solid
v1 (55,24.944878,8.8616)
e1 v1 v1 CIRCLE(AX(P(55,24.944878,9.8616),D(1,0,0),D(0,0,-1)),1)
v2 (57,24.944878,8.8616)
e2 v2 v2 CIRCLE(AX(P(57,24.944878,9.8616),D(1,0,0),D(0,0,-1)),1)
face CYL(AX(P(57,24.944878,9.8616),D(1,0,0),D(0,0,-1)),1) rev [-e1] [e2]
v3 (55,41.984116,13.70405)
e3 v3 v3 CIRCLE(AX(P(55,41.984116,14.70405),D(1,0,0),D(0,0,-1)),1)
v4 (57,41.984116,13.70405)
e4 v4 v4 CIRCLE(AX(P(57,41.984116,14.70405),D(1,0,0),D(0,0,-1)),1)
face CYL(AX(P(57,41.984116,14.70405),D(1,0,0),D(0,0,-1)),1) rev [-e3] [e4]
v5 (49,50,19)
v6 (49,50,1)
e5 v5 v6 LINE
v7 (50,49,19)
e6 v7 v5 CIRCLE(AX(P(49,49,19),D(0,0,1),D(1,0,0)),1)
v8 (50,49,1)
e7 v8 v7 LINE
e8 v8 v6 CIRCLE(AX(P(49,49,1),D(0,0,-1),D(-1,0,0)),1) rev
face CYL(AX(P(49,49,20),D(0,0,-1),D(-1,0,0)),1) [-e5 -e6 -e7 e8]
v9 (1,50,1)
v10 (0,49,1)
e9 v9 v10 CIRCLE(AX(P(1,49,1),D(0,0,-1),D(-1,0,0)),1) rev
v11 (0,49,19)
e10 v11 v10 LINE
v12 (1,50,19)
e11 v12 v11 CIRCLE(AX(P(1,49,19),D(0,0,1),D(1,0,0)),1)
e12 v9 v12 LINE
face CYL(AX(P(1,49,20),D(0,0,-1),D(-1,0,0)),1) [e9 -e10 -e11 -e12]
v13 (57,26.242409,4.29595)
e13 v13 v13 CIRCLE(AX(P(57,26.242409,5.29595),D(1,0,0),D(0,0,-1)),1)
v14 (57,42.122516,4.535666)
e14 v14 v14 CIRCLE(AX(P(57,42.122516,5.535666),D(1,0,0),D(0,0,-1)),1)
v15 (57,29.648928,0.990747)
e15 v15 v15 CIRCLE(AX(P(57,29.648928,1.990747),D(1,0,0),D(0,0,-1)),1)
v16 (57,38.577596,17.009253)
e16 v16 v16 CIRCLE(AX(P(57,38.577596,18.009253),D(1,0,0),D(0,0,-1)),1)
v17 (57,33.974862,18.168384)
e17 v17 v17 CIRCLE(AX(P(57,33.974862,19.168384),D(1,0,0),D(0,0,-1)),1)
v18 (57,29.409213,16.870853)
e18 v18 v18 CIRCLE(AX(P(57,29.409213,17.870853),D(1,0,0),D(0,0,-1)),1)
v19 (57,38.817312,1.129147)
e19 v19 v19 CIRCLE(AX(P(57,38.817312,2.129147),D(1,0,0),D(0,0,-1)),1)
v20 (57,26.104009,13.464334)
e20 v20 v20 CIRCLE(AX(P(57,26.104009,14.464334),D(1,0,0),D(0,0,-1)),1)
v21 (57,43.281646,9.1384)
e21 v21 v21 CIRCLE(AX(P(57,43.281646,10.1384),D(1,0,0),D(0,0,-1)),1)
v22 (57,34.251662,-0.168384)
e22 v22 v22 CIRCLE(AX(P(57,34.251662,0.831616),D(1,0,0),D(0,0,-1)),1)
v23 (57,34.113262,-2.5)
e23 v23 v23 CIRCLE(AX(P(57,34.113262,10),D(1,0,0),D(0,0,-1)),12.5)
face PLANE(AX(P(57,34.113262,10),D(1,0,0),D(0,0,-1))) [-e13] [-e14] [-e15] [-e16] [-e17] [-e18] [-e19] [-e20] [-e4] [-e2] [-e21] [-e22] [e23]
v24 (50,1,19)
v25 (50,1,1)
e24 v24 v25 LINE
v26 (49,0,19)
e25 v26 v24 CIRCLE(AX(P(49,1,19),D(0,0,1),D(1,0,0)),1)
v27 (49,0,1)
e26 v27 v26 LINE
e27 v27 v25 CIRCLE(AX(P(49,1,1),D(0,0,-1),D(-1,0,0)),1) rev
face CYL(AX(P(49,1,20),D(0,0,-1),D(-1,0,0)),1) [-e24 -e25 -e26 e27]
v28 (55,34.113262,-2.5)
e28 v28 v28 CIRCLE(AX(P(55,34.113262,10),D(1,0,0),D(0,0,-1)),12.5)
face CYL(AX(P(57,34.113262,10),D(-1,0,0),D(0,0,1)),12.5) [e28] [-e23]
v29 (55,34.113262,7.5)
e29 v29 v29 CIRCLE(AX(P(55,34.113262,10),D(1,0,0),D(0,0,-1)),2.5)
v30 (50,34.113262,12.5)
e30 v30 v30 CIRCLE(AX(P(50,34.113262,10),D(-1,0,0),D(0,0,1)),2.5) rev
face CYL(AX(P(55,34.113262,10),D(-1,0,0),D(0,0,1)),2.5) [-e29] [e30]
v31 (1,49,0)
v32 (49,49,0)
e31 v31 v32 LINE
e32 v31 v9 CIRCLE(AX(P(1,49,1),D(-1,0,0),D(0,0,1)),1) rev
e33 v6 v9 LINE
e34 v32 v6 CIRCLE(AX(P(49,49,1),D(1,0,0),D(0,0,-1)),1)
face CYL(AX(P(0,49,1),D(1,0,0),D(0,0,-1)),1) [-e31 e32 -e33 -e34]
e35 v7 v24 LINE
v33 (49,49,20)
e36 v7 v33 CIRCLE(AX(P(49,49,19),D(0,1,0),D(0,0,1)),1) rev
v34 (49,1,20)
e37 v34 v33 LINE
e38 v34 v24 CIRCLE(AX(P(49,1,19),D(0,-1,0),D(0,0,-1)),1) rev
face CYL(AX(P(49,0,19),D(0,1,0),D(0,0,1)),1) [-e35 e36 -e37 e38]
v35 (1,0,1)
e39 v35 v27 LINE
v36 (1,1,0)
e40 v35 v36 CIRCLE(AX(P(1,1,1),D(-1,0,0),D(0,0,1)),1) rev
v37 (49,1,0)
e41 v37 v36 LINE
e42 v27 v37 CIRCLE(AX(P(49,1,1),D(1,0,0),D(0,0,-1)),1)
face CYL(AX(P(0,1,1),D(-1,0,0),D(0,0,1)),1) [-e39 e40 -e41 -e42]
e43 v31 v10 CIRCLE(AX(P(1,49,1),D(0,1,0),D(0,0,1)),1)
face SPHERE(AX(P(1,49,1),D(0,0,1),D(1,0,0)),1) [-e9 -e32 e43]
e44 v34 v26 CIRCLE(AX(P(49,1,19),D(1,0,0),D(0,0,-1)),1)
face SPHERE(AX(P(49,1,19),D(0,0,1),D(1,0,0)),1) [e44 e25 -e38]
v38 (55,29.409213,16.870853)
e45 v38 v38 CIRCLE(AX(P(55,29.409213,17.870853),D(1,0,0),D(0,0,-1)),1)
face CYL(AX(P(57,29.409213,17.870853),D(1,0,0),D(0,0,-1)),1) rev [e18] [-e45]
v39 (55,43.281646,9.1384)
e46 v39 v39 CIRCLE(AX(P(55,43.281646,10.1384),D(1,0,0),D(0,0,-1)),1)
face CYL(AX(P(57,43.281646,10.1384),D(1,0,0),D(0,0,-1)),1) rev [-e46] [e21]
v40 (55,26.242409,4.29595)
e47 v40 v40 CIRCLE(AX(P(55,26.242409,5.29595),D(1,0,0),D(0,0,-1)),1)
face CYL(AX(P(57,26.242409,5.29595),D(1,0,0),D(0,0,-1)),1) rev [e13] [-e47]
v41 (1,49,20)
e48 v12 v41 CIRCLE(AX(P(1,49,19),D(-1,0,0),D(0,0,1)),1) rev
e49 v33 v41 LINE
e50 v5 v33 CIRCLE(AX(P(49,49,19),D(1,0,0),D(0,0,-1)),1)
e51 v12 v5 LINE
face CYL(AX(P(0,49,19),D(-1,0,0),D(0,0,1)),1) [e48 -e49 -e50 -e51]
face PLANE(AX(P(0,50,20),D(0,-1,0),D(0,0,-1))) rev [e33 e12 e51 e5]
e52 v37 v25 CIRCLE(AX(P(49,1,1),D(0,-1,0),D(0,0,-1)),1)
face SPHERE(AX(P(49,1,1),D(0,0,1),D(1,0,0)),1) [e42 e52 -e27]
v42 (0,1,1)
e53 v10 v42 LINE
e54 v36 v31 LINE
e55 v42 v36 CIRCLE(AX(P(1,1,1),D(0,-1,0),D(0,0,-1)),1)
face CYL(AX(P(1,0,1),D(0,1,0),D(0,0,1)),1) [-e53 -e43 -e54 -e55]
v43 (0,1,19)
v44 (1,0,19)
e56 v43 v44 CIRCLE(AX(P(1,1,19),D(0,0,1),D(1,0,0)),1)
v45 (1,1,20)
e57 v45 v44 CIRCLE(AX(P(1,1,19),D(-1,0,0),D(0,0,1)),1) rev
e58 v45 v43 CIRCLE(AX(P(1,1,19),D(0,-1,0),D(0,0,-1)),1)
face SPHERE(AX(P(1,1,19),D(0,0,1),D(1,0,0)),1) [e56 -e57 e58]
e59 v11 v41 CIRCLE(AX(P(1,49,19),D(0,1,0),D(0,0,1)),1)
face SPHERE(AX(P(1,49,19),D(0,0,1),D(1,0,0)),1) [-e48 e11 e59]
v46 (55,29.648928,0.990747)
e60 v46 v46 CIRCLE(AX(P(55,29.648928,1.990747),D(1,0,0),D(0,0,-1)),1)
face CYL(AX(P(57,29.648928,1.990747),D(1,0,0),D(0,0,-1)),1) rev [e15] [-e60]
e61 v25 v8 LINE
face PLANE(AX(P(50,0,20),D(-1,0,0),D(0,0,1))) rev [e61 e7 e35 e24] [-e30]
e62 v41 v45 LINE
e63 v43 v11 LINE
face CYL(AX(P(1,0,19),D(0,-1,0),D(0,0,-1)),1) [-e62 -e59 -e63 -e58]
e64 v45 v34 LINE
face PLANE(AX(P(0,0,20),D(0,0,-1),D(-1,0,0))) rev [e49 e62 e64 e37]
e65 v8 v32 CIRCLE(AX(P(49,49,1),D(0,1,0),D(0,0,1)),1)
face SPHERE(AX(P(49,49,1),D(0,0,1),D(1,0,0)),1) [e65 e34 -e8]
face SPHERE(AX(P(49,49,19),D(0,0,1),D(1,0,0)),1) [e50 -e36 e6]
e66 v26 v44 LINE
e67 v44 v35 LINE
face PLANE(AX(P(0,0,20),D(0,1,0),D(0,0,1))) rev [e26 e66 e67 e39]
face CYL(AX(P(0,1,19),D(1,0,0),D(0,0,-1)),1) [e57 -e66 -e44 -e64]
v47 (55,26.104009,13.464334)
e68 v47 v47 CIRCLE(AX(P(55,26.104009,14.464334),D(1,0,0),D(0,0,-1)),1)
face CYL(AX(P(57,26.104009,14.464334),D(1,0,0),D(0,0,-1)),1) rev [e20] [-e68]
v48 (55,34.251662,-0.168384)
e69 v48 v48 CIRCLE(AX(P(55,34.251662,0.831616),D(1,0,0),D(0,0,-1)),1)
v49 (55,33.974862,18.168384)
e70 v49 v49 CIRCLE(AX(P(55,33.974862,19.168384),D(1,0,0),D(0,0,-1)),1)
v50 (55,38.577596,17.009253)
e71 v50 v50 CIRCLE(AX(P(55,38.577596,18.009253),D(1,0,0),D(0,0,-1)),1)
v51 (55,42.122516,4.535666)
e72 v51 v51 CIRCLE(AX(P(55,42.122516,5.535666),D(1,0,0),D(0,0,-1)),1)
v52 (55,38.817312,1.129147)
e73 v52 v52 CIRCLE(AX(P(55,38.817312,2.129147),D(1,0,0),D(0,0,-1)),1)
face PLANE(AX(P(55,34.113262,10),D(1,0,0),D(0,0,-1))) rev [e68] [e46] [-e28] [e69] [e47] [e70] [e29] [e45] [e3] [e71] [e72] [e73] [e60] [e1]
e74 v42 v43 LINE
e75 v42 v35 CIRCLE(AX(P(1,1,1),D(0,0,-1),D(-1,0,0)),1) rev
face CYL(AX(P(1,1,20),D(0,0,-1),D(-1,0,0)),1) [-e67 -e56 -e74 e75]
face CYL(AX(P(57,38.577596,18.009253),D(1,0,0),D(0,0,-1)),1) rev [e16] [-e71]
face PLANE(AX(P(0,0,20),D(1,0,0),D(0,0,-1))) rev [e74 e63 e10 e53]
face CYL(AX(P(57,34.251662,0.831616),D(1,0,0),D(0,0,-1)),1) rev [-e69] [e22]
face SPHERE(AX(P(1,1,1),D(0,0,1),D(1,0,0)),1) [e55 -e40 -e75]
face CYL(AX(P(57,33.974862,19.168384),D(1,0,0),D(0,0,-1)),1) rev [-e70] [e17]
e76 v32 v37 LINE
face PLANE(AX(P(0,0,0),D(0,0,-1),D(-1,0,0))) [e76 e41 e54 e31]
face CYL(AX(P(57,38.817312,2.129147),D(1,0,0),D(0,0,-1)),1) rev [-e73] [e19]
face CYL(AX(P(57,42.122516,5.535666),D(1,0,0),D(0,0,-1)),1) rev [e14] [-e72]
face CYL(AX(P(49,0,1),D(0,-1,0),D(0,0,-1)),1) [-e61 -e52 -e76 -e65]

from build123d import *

# Parameters (mm, degrees)
SKETCH1_W           = 50
SKETCH1_H           = 50
BOSS_EXTRUDE1_DEPTH = 20
SKETCH2_R           = 2.5
BOSS_EXTRUDE2_DEPTH = 5
SKETCH3_R           = 12.5
BOSS_EXTRUDE3_DEPTH = 2
FILLET1_R           = 1
CIRPATTERN1_COUNT   = 12


with BuildPart() as part:
    # Sketch1 → Boss-Extrude1 (new body)
    with BuildSketch(Plane.XY):
        with Locations((25, 25)):
            Rectangle(SKETCH1_W, SKETCH1_H)
    extrude(amount=BOSS_EXTRUDE1_DEPTH)

    # Sketch2 → Boss-Extrude2 (add)
    with BuildSketch(Plane(origin=(50, 0, 0), x_dir=(0, 0, -1), z_dir=(1, 0, 0))):
        with Locations(Location((-10, 34.113262312, 0), (0, 0, 180))):
            Circle(SKETCH2_R)
    extrude(amount=BOSS_EXTRUDE2_DEPTH)

    # Sketch3 → Boss-Extrude3 (add)
    with BuildSketch(Plane(origin=(55, 0, 0), x_dir=(0, 0, -1), z_dir=(1, 0, 0))):
        with Locations((-10, 34.113262312)):
            Circle(SKETCH3_R)
    extrude(amount=BOSS_EXTRUDE3_DEPTH)

    # Fillet1
    fillet1_edges = [part.edges().sort_by_distance(p)[0] for p in [
        (50, 25, 20),
        (25, 50, 20),
        (0, 25, 20),
        (25, 50, 0),
        (50, 25, 0),
        (25, 0, 0),
        (0, 25, 0),
        (25, 0, 20),
        (0, 50, 10),
        (50, 50, 10),
        (50, 0, 10),
        (0, 0, 10),
    ]]
    fillet(fillet1_edges, radius=FILLET1_R)

    # Sketch4 → Ø2.0mm Dowel Hole1 (revolve, cut)
    with BuildSketch(Plane(origin=(57, 34.25166224, 0.83161613), x_dir=(0, 0, -1), z_dir=(0, 1, 0))):
        Polygon((0, 0), (0, 2.600860619), (1, 2), (1, 0), align=None)
    f_2_0mm_dowel_hole1 = revolve(axis=Axis((63.35, 34.25166224, 0.83161613), (-1, 0, 0)), mode=Mode.SUBTRACT)

    # CirPattern1: Ø2.0mm Dowel Hole1 ×12 about axis
    cirpattern1_axis = Axis((0, 34.113262312, 10), (1, 0, 0))
    for i in range(1, CIRPATTERN1_COUNT):
        add(f_2_0mm_dowel_hole1.rotate(cirpattern1_axis, i * 360 / CIRPATTERN1_COUNT), mode=Mode.SUBTRACT)


solid = part.part
